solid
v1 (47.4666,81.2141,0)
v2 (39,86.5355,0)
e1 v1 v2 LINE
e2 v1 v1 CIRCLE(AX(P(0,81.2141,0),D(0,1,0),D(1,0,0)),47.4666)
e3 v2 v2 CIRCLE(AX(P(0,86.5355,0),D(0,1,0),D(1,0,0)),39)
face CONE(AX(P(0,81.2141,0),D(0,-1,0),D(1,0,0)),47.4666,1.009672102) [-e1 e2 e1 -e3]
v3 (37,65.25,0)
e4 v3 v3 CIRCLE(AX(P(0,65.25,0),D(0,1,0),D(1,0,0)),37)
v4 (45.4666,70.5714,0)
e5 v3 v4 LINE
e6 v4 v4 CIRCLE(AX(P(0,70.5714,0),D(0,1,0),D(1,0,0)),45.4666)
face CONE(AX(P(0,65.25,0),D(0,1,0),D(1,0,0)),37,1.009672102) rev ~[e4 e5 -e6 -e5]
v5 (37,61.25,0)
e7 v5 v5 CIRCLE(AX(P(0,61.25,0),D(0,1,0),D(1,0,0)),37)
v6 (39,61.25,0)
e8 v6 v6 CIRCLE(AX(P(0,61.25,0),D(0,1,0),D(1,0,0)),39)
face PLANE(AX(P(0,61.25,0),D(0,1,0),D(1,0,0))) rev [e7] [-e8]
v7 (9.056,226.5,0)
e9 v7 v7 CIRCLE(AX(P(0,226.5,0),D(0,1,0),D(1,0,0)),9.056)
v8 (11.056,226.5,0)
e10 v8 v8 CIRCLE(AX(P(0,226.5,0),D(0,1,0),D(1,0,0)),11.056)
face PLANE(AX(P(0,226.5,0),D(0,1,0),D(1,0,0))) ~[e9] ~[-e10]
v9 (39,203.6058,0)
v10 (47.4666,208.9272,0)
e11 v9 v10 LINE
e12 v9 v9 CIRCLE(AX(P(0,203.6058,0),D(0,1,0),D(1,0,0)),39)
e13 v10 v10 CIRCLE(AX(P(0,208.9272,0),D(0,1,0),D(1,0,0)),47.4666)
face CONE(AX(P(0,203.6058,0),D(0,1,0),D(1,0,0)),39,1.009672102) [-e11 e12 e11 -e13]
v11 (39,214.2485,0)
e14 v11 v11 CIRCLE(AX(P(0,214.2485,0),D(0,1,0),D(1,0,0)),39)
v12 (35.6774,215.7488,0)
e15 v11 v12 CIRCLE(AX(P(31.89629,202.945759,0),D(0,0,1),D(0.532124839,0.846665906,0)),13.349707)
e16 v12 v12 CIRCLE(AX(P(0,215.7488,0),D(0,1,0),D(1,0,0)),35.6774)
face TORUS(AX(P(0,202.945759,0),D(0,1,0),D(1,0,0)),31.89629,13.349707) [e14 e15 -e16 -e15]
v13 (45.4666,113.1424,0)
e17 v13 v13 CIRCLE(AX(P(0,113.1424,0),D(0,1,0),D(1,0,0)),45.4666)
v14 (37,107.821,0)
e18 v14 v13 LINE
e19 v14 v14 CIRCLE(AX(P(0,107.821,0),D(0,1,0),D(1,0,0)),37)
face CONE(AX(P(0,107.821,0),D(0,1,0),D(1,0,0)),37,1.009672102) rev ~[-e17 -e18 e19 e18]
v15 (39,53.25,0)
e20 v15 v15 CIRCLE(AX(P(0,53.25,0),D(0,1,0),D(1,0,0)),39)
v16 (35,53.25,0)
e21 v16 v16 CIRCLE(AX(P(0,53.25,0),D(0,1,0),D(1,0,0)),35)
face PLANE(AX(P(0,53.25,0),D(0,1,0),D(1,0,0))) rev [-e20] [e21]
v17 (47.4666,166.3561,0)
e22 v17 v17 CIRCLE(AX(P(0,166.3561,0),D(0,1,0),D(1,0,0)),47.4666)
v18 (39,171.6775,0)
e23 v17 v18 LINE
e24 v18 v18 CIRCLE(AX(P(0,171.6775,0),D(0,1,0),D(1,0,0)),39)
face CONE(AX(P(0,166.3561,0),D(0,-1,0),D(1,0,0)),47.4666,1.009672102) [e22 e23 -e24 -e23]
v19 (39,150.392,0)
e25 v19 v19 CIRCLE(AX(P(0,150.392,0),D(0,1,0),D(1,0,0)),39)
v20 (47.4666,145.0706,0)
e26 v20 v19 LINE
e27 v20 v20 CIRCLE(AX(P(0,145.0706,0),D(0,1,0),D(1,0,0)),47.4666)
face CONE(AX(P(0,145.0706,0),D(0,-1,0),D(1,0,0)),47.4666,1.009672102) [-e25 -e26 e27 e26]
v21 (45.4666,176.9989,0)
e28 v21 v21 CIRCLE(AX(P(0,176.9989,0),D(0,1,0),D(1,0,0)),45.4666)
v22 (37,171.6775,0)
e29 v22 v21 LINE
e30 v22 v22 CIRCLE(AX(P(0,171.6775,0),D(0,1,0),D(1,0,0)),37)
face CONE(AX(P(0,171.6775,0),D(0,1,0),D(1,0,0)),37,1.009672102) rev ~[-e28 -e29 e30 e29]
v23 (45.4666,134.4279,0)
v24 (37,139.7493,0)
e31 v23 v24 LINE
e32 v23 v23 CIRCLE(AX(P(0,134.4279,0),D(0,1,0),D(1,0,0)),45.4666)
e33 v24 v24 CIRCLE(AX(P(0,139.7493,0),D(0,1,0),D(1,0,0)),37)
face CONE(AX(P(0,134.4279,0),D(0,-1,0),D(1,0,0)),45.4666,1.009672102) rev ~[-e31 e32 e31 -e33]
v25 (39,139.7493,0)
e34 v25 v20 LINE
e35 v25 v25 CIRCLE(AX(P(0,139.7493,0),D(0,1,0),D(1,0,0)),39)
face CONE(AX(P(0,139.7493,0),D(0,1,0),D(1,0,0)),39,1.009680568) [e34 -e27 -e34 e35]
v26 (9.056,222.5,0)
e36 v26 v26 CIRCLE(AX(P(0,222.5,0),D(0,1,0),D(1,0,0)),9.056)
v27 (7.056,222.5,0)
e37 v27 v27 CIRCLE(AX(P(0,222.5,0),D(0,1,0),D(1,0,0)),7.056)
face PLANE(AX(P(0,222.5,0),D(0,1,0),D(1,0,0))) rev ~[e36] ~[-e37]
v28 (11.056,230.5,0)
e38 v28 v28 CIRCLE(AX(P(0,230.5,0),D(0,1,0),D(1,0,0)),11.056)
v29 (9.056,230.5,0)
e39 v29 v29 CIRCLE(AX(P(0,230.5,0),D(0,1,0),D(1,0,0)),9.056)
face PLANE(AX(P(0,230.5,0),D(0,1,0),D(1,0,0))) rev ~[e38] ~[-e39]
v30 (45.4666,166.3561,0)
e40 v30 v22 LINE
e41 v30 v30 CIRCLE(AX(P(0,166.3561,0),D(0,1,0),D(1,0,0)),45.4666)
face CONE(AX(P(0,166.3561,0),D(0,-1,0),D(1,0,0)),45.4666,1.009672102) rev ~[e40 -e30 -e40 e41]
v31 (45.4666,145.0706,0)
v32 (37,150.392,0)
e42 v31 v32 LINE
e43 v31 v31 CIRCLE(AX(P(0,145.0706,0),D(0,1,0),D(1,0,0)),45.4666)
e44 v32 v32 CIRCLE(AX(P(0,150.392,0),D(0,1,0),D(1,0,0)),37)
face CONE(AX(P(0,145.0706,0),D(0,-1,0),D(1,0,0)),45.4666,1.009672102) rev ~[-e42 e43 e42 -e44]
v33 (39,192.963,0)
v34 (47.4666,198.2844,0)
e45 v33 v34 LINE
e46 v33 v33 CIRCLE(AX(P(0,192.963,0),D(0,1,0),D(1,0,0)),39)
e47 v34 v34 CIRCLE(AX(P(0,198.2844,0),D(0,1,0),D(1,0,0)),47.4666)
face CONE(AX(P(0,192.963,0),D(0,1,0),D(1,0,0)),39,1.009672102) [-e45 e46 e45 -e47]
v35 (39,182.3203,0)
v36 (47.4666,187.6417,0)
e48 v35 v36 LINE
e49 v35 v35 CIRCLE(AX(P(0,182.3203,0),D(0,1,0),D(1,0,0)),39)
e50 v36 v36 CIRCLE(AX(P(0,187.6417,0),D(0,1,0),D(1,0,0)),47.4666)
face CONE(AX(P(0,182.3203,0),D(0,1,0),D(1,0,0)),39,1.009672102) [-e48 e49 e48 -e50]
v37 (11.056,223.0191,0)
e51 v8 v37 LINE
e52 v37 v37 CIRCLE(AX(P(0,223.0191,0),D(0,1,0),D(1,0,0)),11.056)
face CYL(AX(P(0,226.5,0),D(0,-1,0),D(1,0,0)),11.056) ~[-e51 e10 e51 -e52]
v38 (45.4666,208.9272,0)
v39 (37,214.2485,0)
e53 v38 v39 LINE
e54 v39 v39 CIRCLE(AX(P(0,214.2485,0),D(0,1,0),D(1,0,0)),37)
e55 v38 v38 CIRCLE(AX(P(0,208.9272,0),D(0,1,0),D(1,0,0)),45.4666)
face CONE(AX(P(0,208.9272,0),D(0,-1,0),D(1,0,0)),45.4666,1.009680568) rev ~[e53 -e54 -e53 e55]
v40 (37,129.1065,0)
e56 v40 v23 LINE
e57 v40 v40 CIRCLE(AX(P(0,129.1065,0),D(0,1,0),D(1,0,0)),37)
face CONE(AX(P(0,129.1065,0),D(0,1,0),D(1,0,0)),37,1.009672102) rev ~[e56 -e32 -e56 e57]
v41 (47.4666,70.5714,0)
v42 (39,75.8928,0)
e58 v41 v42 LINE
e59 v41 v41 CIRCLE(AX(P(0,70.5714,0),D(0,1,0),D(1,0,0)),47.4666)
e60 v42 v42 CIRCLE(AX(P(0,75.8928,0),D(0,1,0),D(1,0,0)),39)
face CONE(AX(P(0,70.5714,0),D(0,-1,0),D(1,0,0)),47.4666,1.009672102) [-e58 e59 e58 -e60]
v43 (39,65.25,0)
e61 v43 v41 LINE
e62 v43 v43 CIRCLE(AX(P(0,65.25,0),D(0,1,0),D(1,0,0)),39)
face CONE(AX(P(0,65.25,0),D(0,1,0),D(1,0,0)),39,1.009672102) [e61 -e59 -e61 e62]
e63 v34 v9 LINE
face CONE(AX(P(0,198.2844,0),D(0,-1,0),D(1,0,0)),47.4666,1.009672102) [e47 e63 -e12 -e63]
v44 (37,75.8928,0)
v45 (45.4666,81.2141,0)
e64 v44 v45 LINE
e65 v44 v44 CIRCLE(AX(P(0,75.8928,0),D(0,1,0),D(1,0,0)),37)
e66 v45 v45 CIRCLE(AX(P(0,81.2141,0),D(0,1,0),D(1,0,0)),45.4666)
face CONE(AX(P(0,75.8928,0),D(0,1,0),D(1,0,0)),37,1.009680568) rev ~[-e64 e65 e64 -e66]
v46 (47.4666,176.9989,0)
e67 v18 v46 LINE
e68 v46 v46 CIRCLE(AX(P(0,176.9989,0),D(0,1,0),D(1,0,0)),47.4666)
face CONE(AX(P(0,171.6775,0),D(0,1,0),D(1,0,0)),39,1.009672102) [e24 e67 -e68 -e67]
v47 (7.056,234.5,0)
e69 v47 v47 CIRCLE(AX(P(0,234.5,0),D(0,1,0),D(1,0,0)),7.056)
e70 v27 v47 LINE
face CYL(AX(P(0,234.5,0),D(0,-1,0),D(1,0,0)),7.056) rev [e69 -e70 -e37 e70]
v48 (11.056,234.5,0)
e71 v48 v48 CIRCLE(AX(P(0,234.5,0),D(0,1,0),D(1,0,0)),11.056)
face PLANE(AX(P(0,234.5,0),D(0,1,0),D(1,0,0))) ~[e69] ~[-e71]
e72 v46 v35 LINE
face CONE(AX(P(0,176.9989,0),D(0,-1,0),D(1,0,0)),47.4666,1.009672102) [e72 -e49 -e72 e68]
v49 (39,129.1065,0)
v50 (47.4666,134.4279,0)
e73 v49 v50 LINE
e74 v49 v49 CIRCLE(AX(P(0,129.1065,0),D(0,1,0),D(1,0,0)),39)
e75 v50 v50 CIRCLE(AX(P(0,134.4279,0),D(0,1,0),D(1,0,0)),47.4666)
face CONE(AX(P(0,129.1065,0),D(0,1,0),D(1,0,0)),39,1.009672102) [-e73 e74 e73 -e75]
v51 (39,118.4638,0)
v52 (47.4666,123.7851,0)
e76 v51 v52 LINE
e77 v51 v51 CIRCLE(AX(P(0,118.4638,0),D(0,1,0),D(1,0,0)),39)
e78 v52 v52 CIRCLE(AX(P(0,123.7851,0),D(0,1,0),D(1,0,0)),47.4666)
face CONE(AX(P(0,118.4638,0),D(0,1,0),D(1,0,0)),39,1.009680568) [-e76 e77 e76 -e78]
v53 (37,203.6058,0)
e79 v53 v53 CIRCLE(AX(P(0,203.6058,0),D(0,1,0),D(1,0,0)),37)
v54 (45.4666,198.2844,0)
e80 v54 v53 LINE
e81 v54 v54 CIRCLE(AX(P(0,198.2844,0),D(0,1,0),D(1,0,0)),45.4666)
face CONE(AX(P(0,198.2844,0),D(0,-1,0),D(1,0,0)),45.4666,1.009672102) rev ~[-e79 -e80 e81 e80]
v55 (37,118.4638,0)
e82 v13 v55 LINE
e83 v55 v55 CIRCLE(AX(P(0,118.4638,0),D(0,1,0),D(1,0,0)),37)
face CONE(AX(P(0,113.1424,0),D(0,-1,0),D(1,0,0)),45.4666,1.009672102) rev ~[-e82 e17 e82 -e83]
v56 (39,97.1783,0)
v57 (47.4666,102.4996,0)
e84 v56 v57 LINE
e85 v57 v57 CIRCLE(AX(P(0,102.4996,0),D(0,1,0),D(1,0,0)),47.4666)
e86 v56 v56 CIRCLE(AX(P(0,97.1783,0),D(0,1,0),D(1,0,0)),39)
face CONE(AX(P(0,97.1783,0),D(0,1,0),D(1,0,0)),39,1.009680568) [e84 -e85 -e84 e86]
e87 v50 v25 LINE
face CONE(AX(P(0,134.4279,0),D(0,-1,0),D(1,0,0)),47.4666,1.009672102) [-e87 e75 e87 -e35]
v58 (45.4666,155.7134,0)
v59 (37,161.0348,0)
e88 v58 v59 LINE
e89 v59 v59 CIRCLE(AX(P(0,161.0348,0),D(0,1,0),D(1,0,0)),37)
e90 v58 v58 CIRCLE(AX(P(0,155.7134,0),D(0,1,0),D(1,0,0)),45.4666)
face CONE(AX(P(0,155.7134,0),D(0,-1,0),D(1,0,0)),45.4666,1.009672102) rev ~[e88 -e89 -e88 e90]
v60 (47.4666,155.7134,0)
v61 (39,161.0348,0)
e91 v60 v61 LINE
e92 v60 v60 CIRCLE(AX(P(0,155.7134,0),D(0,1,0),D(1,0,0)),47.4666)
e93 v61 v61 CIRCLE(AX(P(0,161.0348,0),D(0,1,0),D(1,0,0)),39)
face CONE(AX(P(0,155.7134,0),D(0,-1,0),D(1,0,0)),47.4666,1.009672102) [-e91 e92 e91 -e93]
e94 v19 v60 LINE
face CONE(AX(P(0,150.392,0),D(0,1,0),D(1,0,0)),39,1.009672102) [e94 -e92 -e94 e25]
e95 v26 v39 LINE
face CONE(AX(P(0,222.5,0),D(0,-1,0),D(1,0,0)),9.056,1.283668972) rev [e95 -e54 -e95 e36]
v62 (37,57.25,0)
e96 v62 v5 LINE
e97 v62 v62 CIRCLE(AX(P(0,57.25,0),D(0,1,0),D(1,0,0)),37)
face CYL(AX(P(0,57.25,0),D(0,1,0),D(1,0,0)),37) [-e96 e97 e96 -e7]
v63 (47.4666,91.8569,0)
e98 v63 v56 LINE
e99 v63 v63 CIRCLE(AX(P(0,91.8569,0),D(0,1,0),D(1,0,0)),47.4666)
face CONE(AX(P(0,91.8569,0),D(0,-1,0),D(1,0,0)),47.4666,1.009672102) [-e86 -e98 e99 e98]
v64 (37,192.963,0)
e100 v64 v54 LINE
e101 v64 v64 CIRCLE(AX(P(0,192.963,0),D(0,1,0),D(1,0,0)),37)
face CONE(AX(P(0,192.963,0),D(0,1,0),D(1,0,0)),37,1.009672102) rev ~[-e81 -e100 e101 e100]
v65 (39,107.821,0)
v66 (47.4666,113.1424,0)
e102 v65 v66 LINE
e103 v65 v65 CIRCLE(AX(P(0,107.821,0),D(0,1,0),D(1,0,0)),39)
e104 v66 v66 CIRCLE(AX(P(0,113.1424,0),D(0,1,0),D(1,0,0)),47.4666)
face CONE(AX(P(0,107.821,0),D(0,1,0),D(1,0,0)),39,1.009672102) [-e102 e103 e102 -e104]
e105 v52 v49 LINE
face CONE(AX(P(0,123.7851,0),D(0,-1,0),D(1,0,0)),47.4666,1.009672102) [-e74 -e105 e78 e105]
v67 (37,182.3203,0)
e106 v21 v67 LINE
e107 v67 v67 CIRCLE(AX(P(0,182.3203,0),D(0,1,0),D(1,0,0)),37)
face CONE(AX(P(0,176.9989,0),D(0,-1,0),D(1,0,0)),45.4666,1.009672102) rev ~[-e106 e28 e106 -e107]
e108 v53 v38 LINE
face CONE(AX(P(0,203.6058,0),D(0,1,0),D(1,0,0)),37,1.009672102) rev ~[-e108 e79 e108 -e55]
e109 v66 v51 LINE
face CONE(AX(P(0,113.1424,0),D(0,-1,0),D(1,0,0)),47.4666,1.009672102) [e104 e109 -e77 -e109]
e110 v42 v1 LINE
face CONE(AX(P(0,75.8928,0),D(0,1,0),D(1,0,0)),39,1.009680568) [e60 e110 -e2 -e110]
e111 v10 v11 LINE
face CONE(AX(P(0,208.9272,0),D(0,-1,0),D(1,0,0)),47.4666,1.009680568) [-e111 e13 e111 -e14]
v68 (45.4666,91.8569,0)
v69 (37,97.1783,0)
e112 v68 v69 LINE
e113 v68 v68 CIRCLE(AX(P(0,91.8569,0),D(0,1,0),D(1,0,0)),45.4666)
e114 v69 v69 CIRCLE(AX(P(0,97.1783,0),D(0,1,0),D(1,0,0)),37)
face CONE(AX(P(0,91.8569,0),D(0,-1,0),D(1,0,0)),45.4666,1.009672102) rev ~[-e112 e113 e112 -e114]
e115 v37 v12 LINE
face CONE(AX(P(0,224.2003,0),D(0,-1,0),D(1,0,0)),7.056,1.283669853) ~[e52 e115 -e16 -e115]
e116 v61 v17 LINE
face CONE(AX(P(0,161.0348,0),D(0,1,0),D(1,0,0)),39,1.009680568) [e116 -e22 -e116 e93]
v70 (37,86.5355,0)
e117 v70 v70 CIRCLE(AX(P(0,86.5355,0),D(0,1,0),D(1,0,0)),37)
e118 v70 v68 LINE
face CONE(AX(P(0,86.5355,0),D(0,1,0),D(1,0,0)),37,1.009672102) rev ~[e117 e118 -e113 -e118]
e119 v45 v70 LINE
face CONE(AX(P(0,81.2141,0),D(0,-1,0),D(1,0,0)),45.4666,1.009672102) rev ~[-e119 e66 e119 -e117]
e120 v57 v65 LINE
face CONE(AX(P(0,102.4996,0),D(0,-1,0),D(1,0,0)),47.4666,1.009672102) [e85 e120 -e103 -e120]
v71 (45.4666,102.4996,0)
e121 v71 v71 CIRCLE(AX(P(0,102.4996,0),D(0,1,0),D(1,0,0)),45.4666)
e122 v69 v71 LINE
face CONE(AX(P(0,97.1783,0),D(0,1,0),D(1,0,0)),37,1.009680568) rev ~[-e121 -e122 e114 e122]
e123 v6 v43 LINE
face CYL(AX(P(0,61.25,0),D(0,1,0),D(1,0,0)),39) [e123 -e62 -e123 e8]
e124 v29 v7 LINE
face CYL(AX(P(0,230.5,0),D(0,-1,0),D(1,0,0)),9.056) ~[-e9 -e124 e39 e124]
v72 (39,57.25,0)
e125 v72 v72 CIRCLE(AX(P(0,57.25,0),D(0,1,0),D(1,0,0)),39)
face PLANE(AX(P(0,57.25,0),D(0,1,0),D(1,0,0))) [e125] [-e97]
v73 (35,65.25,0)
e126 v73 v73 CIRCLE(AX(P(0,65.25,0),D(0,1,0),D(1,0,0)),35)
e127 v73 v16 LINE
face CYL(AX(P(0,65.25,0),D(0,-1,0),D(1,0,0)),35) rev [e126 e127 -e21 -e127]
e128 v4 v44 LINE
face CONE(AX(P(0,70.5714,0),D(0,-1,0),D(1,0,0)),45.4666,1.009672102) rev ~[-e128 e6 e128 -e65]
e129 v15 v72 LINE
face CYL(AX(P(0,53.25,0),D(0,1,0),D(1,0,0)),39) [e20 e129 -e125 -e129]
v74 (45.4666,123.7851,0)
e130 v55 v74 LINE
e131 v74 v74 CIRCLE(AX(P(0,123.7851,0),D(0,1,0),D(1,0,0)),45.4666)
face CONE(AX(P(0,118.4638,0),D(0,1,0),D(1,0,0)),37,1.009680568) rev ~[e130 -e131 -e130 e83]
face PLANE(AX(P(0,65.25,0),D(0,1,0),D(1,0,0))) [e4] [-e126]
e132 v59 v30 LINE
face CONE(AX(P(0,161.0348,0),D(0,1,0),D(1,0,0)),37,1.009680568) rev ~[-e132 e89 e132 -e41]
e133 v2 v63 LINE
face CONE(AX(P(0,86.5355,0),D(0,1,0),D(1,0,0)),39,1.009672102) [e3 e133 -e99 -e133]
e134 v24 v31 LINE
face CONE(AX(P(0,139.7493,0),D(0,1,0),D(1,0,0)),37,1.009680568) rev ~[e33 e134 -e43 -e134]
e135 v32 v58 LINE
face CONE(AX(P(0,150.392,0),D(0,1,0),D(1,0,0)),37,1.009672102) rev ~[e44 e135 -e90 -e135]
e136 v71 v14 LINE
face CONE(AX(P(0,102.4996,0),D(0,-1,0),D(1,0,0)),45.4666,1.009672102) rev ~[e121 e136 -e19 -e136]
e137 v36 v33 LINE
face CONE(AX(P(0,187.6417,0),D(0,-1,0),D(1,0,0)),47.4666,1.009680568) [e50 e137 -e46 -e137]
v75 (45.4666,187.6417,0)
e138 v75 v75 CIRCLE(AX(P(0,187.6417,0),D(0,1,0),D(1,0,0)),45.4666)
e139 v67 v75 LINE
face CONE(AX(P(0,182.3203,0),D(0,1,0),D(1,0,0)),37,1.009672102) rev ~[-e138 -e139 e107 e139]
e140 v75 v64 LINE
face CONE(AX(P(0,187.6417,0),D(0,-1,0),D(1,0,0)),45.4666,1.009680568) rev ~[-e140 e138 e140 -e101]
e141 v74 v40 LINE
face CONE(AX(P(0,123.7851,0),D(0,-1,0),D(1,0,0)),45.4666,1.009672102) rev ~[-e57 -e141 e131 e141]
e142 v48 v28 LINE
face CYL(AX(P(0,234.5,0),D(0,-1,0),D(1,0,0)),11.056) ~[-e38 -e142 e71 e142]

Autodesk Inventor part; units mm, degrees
ref_plane "YZ Plane" through (0, 0, 0) normal (1, 0, 0) x (0, 1, 0)
ref_plane "XZ Plane" through (0, 0, 0) normal (0, 1, 0) x (-1, 0, 0)
ref_plane "XY Plane" through (0, 0, 0) normal (0, 0, 1) x (1, 0, 0)
sketch "Sketch2" plane through (0, 0, 0) normal (0, 0, 1) x (1, 0, 0)
  line L0 (37, 65.25) -> (-37, 65.25) projected
  line L1 (-9, 234.5) -> (9, 234.5) projected
  point P0 (0, 0)
  dimension "d47" = 169.25
sketch "Sketch1" plane through (0, 0, 0) normal (0, 0, 1) x (1, 0, 0)
  line L0 (-36.7449, 53.25) -> (37.2551, 53.25)
  line L1 (35, 65.25) -> (35, 53.25)
  line L2 (7.056, 234.5) -> (7.056, 222.5)
  line L3 (7.056, 234.5) -> (7.056, 222.5)
  line L4 (7.056, 234.5) -> (11.056, 234.5)
  line L5 (35, 53.25) -> (39, 53.25)
  line L6 (39, 53.25) -> (39, 57.25)
  line L7 (39, 57.25) -> (37, 57.25)
  line L8 (37, 57.25) -> (37, 61.25)
  line L9 (37, 61.25) -> (39, 61.25)
  line L10 (39, 61.25) -> (39, 65.25)
  line L11 (39, 65.25) -> (37, 65.25) construction
  line L12 (11.056, 234.5) -> (11.056, 230.5)
  line L13 (11.056, 230.5) -> (9.056, 230.5)
  line L14 (9.056, 230.5) -> (9.056, 226.5)
  line L15 (9.056, 226.5) -> (11.056, 226.5)
  line L16 (11.056, 226.5) -> (11.056, 223.0191)
  line L17 (39, 65.25) -> (47.4666, 70.5714)
  line L18 (37, 65.25) -> (45.4666, 70.5714)
  line L19 (37, 65.25) -> (37, 83.6946) construction
  line L20 (45.4666, 70.5714) -> (37, 70.5714) construction
  line L21 (45.4666, 70.5714) -> (37, 75.8928)
  line L22 (47.4666, 70.5714) -> (39, 75.8928)
  line L23 (37, 75.8928) -> (46.5513, 75.8928) construction
  line L24 (45.4666, 81.2141) -> (37, 86.5355)
  line L25 (47.4666, 81.2141) -> (39, 86.5355)
  line L26 (39, 75.8928) -> (47.4666, 81.2141)
  line L27 (37, 75.8928) -> (45.4666, 81.2141)
  line L28 (45.4666, 91.8569) -> (37, 97.1783)
  line L29 (47.4666, 91.8569) -> (39, 97.1783)
  line L30 (39, 86.5355) -> (47.4666, 91.8569)
  line L31 (37, 86.5355) -> (45.4666, 91.8569)
  line L32 (45.4666, 102.4996) -> (37, 107.821)
  line L33 (47.4666, 102.4996) -> (39, 107.821)
  line L34 (39, 97.1783) -> (47.4666, 102.4996)
  line L35 (37, 97.1783) -> (45.4666, 102.4996)
  line L36 (45.4666, 113.1424) -> (37, 118.4638)
  line L37 (47.4666, 113.1424) -> (39, 118.4638)
  line L38 (39, 107.821) -> (47.4666, 113.1424)
  line L39 (37, 107.821) -> (45.4666, 113.1424)
  line L40 (45.4666, 123.7851) -> (37, 129.1065)
  line L41 (47.4666, 123.7851) -> (39, 129.1065)
  line L42 (39, 118.4638) -> (47.4666, 123.7851)
  line L43 (37, 118.4638) -> (45.4666, 123.7851)
  line L44 (45.4666, 134.4279) -> (37, 139.7493)
  line L45 (47.4666, 134.4279) -> (39, 139.7493)
  line L46 (39, 129.1065) -> (47.4666, 134.4279)
  line L47 (37, 129.1065) -> (45.4666, 134.4279)
  line L48 (45.4666, 145.0706) -> (37, 150.392)
  line L49 (47.4666, 145.0706) -> (39, 150.392)
  line L50 (39, 139.7493) -> (47.4666, 145.0706)
  line L51 (37, 139.7493) -> (45.4666, 145.0706)
  line L52 (45.4666, 155.7134) -> (37, 161.0348)
  line L53 (47.4666, 155.7134) -> (39, 161.0348)
  line L54 (39, 150.392) -> (47.4666, 155.7134)
  line L55 (37, 150.392) -> (45.4666, 155.7134)
  line L56 (45.4666, 166.3561) -> (37, 171.6775)
  line L57 (47.4666, 166.3561) -> (39, 171.6775)
  line L58 (39, 161.0348) -> (47.4666, 166.3561)
  line L59 (37, 161.0348) -> (45.4666, 166.3561)
  line L60 (45.4666, 176.9989) -> (37, 182.3203)
  line L61 (47.4666, 176.9989) -> (39, 182.3203)
  line L62 (39, 171.6775) -> (47.4666, 176.9989)
  line L63 (37, 171.6775) -> (45.4666, 176.9989)
  line L64 (45.4666, 187.6417) -> (37, 192.963)
  line L65 (47.4666, 187.6417) -> (39, 192.963)
  line L66 (39, 182.3203) -> (47.4666, 187.6417)
  line L67 (37, 182.3203) -> (45.4666, 187.6417)
  line L68 (0, -37.6229) -> (0, 264.2373)
  line L69 (9.056, 222.5) -> (7.056, 222.5)
  line L70 (37, 65.25) -> (35, 65.25)
  line L71 (0, 208431.7305) -> (0, -209414.2305)
  line L72 (37, 65.25) -> (-37, 65.25) projected
  line L73 (37, 65.25) -> (-37, 65.25) construction
  line L74 (37, 65.25) -> (35, 65.25)
  line L75 (7.056, 222.5) -> (9.056, 222.5)
  line L76 (11.056, 223.0191) -> (7.056, 224.2003)
  line L77 (45.4666, 198.2844) -> (37, 203.6058)
  line L78 (47.4666, 198.2844) -> (39, 203.6058)
  line L79 (39, 192.963) -> (47.4666, 198.2844)
  line L80 (37, 192.963) -> (45.4666, 198.2844)
  line L81 (45.4666, 208.9272) -> (37, 214.2485)
  line L82 (47.4666, 208.9272) -> (39, 214.2485)
  line L83 (39, 203.6058) -> (47.4666, 208.9272)
  line L84 (37, 203.6058) -> (45.4666, 208.9272)
  line L85 (9.056, 222.5) -> (37, 214.2485)
  line L86 (7.056, 224.2003) -> (35.6774, 215.7488)
  arc A0 (39, 214.2485) -> (35.6774, 215.7488) centre (31.8976, 202.9482) ccw
  point P0 (0, 0)
  point P1 (39, 75.8928)
  point P2 (39, 86.5355)
  point P3 (39, 97.1783)
  point P4 (39, 107.821)
  point P5 (39, 118.4638)
  point P6 (39, 129.1065)
  point P7 (39, 139.7493)
  point P8 (39, 150.392)
  point P9 (39, 161.0348)
  point P10 (39, 171.6775)
  point P11 (39, 182.3203)
  point P12 (7, 203.6144)
  point P13 (39, 192.963)
  point P14 (9, 223.6095)
  point P15 (9, 222.5)
  point P16 (11.056, 223.0191)
  dimension "d0" = 4
  dimension "d1" = 12
  dimension "d2" = 4
  dimension "d3" = 2
  dimension "d4" = 2
  dimension "d5" = 4
  dimension "d7" = 2
  dimension "d8" = 2
  dimension "d12" = 122.15
  dimension "d13" = 1.0643
  dimension "d17" = 10
  dimension "d18" = 10.6427
  dimension "d28" = 10.6427
  dimension "d34" = 12
  dimension "d37" = 7.056
  dimension "d39" = 169.25
  dimension "d46" = 2
  dimension "d48" = 1.0643
  dimension "d49" = 4
revolve "Revolution1" add sketch "Sketch1" angle 360 about axis through (0, -37.6229, 0) along (0, 1, 0) contours L1 L70 L18 L21 L27 L24 L31 L28 L35 L32 L39 L36 L43 L40 L47 L44 L51 L48 L55 L52 L59 L56 L63 L60 L67 L64 L80 L77 L84 L81 L85 L69 L2 L76 L86 A0 L82 L83 L78 L79 L65 L66 L61 L62 L57 L58 L53 L54 L49 L50 L45 L46 L41 L42 L37 L38 L33 L34 L29 L30 L25 L26 L22 L17 L10 L9 L8 L7 L6 L5 L0 | L2 L4 L12 L13 L14 L15 L16 L76
equation "\"d0\" = 0.333333 * d1"
equation "\"d2\" = d0"
equation "\"d5\" = d0"
equation "\"d37\" = RevolveDIA"
equation "\"d10\" = d9"
equation "\"RevolveDIA\" = 7.055999"
equation "\"d9\" = 171.191599"
properties part number "MCEN4000:T7" material "RUBBER, SILICONE"
